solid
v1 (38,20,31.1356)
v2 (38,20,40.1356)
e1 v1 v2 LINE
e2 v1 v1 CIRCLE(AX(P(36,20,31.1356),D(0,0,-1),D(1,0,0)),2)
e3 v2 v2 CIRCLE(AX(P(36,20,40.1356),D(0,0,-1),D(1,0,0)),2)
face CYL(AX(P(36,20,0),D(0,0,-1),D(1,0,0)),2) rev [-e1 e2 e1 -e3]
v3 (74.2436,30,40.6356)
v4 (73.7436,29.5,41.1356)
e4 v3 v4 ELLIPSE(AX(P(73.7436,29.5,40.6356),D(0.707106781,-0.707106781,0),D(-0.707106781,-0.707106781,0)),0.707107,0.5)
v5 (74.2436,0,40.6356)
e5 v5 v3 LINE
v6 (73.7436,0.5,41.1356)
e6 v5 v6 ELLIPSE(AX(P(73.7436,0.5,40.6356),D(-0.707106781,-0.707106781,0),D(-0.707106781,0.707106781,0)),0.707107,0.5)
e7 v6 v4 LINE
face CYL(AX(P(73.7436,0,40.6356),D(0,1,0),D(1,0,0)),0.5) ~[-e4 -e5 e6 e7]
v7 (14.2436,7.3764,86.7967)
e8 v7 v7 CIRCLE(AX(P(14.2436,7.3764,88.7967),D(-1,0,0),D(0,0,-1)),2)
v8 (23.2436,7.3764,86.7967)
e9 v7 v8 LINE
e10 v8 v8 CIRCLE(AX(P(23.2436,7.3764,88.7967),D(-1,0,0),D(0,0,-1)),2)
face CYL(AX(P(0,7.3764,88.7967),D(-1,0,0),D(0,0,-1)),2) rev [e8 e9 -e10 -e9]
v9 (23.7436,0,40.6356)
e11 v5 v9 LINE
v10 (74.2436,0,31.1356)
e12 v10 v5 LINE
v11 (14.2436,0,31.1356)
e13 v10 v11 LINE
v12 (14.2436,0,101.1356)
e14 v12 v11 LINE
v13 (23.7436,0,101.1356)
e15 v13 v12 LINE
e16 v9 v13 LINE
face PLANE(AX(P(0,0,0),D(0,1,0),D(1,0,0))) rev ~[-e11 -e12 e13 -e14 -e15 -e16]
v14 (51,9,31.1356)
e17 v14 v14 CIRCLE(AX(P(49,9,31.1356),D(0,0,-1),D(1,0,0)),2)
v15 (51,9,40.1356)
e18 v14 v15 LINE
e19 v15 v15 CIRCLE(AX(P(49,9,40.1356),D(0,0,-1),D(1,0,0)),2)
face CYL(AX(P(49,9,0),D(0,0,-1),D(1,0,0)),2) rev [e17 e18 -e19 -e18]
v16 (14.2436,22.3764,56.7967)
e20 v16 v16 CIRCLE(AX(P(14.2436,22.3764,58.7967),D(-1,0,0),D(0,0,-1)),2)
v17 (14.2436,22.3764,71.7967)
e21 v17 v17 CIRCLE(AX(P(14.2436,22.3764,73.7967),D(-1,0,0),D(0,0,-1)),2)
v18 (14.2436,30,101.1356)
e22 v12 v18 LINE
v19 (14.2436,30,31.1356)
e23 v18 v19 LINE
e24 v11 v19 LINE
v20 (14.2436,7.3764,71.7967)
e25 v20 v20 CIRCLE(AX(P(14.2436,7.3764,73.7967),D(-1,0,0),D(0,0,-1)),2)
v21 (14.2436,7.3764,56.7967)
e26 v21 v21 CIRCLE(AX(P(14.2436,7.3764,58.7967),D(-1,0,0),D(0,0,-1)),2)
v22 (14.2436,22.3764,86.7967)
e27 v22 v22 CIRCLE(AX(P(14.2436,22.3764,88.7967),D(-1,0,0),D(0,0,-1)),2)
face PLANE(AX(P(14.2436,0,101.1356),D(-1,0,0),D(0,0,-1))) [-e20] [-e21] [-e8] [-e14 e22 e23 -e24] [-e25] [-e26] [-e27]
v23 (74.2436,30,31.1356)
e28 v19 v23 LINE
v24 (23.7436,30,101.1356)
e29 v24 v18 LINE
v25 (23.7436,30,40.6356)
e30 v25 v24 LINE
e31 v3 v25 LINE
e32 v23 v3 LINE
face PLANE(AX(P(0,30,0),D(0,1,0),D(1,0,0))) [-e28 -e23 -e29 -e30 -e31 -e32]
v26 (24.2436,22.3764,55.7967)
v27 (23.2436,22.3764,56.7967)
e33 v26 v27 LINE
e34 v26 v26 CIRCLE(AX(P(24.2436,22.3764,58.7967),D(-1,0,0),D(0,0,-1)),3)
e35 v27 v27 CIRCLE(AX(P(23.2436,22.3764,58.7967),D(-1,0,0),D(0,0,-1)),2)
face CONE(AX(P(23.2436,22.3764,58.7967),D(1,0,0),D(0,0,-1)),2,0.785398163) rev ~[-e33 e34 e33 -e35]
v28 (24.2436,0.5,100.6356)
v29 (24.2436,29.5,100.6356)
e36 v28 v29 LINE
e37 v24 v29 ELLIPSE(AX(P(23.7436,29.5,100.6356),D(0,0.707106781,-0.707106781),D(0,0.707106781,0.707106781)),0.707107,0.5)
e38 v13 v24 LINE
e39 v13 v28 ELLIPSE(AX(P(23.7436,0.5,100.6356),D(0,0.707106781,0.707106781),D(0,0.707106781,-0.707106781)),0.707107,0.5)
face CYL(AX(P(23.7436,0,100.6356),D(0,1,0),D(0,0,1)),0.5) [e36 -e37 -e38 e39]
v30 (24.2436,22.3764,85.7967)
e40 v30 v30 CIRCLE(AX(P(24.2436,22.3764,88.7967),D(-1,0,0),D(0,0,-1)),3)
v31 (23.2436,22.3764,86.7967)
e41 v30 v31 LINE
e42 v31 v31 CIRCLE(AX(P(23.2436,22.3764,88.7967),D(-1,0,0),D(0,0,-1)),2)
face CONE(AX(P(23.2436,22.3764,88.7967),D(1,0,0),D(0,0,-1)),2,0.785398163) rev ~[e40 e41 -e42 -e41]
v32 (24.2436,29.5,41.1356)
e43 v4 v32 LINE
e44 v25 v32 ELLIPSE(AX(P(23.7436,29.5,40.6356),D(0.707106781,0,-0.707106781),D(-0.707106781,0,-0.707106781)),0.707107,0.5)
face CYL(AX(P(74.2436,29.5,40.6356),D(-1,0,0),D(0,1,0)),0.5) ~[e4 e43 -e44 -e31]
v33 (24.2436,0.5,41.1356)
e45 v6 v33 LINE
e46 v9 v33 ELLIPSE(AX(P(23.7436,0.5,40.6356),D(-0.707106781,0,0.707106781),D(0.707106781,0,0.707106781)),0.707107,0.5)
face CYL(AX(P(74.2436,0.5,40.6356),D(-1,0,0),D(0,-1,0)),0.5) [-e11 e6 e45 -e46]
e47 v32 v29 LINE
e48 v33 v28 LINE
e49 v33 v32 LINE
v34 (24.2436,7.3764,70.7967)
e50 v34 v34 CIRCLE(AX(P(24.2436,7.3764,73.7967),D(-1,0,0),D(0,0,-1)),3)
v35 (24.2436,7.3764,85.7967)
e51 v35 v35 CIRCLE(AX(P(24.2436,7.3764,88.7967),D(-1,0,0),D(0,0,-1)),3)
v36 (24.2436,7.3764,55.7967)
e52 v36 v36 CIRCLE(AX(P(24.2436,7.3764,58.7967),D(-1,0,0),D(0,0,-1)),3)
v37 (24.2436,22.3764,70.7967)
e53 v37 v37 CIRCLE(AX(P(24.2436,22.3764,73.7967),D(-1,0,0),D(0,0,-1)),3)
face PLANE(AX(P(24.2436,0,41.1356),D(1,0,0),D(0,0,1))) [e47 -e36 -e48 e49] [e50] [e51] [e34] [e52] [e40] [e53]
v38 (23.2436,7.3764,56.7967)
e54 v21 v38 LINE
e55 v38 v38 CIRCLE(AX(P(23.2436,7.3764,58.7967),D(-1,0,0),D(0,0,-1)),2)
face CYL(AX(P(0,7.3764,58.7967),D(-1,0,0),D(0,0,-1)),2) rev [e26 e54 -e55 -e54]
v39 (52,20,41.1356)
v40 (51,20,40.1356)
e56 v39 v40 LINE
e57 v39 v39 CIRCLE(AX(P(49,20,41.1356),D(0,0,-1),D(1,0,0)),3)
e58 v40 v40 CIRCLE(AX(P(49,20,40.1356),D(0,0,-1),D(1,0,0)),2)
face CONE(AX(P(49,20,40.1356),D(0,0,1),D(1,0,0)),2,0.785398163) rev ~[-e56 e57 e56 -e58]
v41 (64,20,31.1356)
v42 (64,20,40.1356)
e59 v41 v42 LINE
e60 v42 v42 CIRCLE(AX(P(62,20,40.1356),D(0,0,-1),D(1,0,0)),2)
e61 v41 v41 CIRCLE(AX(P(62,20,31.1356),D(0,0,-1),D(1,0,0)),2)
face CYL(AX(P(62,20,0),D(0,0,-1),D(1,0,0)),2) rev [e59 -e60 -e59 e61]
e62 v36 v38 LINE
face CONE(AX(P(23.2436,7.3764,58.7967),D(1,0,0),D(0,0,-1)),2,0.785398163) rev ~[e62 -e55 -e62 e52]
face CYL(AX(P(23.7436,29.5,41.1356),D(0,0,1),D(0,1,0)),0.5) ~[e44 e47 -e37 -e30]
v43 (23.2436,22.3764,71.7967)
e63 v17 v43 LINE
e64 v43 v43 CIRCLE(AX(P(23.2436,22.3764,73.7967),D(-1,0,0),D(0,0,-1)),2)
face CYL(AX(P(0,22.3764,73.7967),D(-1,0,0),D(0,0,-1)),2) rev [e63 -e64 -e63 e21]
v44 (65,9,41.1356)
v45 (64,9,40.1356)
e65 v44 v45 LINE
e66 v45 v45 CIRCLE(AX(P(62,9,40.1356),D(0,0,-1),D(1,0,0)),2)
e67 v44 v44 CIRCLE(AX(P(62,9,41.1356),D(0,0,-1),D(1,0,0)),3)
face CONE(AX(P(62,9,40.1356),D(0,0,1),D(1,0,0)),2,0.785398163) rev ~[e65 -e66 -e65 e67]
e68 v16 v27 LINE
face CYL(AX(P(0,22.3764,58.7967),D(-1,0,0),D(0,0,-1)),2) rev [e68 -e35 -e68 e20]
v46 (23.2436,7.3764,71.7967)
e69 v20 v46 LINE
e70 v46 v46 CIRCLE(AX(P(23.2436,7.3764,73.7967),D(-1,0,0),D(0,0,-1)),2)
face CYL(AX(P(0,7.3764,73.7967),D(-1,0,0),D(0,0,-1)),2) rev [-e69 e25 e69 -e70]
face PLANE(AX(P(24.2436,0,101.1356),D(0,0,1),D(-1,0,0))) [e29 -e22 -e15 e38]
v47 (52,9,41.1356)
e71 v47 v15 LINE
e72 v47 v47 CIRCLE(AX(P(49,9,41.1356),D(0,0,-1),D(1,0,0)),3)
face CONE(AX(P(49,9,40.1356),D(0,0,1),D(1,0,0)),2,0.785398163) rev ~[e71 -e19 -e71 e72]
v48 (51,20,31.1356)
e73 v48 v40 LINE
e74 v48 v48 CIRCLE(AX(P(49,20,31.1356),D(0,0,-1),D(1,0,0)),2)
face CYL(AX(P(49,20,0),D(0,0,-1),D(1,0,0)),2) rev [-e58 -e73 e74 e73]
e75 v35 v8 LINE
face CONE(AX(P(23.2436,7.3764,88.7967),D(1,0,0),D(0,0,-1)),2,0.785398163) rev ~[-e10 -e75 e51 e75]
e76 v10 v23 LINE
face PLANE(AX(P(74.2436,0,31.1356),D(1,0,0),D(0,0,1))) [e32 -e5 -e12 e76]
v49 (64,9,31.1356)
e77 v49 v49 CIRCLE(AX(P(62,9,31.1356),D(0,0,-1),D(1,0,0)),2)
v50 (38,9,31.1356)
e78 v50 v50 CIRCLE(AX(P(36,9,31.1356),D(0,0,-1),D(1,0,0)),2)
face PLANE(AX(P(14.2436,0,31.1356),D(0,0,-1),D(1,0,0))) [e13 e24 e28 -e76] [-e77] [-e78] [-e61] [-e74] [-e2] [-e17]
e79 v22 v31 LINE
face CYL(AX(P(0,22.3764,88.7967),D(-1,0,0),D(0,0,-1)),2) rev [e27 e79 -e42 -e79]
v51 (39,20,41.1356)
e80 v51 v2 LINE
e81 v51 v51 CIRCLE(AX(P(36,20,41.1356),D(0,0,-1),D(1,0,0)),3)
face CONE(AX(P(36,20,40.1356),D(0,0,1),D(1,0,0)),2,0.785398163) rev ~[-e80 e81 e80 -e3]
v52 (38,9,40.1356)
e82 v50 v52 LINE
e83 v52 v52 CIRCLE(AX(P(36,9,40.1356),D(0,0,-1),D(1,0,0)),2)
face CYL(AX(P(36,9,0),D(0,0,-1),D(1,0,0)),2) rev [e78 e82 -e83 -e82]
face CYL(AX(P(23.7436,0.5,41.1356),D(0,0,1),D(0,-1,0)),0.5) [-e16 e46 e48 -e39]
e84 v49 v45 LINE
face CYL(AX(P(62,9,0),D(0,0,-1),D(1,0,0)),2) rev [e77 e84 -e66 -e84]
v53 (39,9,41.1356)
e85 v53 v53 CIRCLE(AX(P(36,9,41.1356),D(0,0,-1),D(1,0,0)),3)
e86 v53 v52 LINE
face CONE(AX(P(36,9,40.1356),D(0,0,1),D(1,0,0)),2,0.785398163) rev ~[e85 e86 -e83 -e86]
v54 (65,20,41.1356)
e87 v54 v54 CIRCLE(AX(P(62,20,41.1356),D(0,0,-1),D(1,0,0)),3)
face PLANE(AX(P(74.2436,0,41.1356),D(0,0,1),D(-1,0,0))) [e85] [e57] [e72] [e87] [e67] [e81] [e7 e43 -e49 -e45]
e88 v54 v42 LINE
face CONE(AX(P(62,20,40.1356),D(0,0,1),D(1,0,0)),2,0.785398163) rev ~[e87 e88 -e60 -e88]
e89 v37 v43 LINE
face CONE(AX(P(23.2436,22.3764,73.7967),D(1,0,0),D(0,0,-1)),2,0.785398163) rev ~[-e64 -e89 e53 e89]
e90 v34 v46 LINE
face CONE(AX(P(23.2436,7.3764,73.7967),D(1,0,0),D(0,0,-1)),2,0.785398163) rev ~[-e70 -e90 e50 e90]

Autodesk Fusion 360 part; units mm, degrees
sketch "Sketch1" plane through (0, 0, 0) normal (0, 1, 0) x (1, 0, 0)
  line L0 (65, -5) -> (65, -14.5431)
  line L1 (14.2436, -31.1356) -> (24.2436, -31.1356)
  line L2 (24.2436, -101.1356) -> (14.2436, -101.1356)
  line L3 (14.2436, -101.1356) -> (14.2436, -31.1356)
  line L4 (24.2436, -31.1356) -> (74.2436, -31.1356)
  line L5 (74.2436, -31.1356) -> (74.2436, -41.1356)
  line L6 (74.2436, -41.1356) -> (24.2436, -41.1356)
  line L7 (24.2436, -41.1356) -> (24.2436, -101.1356)
  dimension "d5" = 10
  dimension "d6" = 70
  dimension "d7" = 50
  dimension "d8" = 10
extrude "Extrude1" add sketch "Sketch1" along normal blind 30
sketch "Sketch2" plane through (0, 0, 0) normal (0, 0, 1) x (1, 0, 0)
  circle A0 centre (36, 20) radius 2
  dimension "d11" = 4
extrude "Extrude2" cut sketch "Sketch2" along normal blind 72
pattern_linear "R-Pattern1" count 3 spacing 13 along (1, 0, 0) count 2 spacing 11 along (0, -1, 0) of "Extrude2"
sketch "Sketch3" plane through (0, 0, 0) normal (1, 0, 0) x (0, 0, -1)
  circle A0 centre (-58.7967, 22.3764) radius 2
  dimension "d18" = 4
extrude "Extrude3" cut sketch "Sketch3" along normal blind 50
pattern_linear "R-Pattern2" count 3 spacing 15 along (0, 0, 1) count 2 spacing 15 along (0, -1, 0) of "Extrude3"
fillet "Fillet1" radius 0.5 6 edges at (49.2436, 30, 41.1356) (74.2436, 15, 41.1356) (24.2436, 30, 71.1356) (24.2436, 15, 101.1356) (24.2436, 0, 71.1356) (49.2436, 0, 41.1356)
chamfer "Chamfer1" distance 1 angle 45 12 edges at (34.1353, 9.7232, 41.1356) (47.1353, 9.7232, 41.1356) (60.1353, 9.7232, 41.1356) (60.1353, 20.7232, 41.1356) (47.1353, 20.7232, 41.1356) (34.1353, 20.7232, 41.1356) (24.2436, 8.0997, 60.6613) (24.2436, 8.0997, 75.6613) (24.2436, 8.0997, 90.6613) (24.2436, 23.0997, 75.6613) (24.2436, 23.0997, 90.6613) (24.2436, 23.0997, 60.6613)
